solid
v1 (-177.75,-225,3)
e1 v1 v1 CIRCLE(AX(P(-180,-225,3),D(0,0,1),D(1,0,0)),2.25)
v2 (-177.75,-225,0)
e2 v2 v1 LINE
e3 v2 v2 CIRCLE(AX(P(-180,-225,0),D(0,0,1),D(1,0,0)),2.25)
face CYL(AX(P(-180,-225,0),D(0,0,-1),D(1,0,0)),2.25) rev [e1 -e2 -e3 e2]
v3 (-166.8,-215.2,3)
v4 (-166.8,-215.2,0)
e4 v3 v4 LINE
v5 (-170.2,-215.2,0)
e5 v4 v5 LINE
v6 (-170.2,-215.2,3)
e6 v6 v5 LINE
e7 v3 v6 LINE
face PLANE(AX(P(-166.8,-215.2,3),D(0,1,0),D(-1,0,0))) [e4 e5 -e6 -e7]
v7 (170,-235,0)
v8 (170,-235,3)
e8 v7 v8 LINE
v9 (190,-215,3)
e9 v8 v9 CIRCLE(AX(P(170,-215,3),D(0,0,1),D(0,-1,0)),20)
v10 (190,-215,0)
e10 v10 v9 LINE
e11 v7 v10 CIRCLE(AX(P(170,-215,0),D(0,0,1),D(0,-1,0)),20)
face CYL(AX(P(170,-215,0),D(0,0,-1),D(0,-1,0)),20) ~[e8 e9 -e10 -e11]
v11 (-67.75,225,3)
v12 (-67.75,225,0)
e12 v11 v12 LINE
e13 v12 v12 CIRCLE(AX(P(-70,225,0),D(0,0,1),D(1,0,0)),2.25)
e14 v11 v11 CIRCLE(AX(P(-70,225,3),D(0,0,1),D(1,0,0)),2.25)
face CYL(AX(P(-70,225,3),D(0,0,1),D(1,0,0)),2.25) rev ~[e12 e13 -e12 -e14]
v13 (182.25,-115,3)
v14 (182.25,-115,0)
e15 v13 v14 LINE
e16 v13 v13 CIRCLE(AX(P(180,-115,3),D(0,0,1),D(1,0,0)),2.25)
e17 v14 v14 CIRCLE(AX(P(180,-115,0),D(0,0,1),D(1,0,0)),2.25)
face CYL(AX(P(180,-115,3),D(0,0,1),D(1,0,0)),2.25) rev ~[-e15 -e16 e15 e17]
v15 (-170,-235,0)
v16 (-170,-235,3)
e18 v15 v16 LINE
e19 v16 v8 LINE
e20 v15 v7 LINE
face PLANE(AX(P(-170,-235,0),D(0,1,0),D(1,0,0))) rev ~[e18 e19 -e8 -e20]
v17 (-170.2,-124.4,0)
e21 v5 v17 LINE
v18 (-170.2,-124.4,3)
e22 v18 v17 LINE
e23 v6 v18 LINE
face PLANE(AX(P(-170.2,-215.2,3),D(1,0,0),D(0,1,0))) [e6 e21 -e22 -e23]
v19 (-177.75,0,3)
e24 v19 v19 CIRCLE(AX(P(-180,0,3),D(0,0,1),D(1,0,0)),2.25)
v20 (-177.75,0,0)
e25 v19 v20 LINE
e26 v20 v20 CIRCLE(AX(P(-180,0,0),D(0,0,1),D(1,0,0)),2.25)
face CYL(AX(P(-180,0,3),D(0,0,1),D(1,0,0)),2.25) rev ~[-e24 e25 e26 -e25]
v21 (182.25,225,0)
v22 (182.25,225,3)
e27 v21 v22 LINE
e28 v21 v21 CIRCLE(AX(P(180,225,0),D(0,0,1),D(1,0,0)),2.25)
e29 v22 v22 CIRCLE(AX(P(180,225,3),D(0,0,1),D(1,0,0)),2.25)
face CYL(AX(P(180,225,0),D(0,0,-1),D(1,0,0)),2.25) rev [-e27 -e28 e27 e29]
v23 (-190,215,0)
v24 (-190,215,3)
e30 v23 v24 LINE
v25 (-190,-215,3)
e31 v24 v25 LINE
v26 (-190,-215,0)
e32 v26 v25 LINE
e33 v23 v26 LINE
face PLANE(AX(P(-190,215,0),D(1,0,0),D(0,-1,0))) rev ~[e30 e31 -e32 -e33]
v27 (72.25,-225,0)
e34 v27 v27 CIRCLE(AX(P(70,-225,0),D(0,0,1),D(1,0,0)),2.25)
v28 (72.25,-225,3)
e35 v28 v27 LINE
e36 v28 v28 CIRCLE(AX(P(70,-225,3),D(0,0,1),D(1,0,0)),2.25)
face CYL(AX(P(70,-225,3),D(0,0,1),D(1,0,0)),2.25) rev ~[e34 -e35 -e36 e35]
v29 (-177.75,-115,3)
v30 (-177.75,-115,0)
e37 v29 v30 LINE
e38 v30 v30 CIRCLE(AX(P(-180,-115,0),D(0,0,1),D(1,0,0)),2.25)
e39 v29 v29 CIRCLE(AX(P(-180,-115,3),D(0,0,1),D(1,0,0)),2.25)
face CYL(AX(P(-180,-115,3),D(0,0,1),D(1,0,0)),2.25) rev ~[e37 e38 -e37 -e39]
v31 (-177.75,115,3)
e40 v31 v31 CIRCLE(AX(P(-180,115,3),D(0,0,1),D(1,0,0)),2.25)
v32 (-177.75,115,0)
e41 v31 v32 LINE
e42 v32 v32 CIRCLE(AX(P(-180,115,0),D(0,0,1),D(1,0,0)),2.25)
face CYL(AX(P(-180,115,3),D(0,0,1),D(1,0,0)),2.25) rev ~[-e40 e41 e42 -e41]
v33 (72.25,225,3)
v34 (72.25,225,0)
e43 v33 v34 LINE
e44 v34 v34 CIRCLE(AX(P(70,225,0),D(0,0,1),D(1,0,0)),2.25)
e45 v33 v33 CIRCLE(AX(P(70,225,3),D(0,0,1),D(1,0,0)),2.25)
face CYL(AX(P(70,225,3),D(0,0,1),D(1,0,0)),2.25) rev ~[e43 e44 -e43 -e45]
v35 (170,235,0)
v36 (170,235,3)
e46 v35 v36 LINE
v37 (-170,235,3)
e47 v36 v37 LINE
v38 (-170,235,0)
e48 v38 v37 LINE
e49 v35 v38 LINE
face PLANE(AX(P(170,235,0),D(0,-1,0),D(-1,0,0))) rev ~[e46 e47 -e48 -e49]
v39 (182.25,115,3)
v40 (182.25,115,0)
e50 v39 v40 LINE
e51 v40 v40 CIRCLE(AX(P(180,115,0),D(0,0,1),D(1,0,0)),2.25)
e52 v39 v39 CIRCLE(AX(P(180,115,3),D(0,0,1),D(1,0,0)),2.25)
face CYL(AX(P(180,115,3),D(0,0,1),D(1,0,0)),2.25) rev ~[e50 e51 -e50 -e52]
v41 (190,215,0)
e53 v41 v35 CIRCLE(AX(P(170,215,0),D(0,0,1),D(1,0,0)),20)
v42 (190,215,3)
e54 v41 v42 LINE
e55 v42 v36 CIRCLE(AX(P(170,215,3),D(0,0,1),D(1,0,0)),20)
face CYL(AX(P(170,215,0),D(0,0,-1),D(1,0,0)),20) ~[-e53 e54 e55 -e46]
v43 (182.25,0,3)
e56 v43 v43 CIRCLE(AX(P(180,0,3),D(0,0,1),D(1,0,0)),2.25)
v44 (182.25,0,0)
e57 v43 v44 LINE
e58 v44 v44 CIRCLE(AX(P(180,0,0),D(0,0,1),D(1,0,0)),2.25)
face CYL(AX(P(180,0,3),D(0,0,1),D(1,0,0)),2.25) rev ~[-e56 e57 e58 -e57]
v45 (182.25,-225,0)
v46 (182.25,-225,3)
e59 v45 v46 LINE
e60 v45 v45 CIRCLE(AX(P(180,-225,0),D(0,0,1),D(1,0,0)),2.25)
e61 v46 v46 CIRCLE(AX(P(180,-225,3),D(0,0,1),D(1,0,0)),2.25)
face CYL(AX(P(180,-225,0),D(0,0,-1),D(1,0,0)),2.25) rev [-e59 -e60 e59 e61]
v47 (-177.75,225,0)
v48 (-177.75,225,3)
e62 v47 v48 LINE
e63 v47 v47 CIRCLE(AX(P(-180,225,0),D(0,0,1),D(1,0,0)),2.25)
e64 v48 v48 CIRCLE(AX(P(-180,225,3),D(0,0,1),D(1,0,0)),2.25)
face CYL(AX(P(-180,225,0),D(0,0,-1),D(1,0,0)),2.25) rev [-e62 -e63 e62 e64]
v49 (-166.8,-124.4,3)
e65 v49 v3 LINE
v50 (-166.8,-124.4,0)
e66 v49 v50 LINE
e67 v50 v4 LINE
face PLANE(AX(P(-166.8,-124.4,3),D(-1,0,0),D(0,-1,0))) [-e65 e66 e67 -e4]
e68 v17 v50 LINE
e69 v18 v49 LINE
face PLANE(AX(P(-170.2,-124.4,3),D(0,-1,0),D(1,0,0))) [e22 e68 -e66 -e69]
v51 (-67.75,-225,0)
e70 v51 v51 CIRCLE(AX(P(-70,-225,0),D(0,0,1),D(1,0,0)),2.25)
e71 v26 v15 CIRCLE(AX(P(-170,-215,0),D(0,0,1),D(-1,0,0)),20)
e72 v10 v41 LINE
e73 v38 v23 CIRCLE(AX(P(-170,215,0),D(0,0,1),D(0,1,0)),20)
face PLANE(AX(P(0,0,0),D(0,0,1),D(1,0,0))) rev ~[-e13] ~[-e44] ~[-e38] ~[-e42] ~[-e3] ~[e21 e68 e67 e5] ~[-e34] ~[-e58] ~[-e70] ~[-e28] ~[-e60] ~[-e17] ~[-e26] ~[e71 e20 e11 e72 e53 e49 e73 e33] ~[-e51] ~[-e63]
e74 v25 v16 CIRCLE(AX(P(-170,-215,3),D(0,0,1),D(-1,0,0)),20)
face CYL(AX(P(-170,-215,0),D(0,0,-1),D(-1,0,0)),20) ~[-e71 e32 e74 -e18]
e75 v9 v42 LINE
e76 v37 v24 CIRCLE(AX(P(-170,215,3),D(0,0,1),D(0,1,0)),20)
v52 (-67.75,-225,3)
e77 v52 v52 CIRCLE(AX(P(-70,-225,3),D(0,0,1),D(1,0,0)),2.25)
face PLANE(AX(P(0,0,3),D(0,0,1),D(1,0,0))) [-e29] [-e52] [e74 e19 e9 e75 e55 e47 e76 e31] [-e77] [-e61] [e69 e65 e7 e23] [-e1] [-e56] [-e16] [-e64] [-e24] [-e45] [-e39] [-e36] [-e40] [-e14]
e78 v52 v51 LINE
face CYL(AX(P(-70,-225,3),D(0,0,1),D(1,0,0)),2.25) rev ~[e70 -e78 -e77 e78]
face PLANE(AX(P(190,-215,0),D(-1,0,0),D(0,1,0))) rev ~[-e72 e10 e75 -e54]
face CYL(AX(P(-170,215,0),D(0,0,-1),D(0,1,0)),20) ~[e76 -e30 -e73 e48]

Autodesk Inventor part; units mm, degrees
ref_plane "YZ Plane" through (0, 0, 0) normal (1, 0, 0) x (0, 1, 0)
ref_plane "XZ Plane" through (0, 0, 0) normal (0, 1, 0) x (-1, 0, 0)
ref_plane "XY Plane" through (0, 0, 0) normal (0, 0, 1) x (1, 0, 0)
sketch "スケッチ1" plane through (0, 0, 0) normal (0, 0, 1) x (1, 0, 0)
  line L0 (-170, -235) -> (170, -235)
  line L1 (190, -215) -> (190, 215)
  line L2 (170, 235) -> (-170, 235)
  line L3 (-190, 215) -> (-190, -215)
  line L4 (-190, -235) -> (190, 235) construction
  line L5 (190, -235) -> (-190, 235) construction
  circle A0 centre (-180, 225) radius 2.25
  circle A1 centre (180, 225) radius 2.25
  circle A2 centre (-180, -225) radius 2.25
  circle A3 centre (180, -225) radius 2.25
  arc A4 (-170, 235) -> (-190, 215) centre (-170, 215) ccw
  arc A5 (190, 215) -> (170, 235) centre (170, 215) ccw
  arc A6 (170, -235) -> (190, -215) centre (170, -215) ccw
  arc A7 (-190, -215) -> (-170, -235) centre (-170, -215) ccw
  point P0 (0, 0)
  dimension "d0" = 380
  dimension "d1" = 470
  dimension "d2" = 4.5
  dimension "d3" = 10
  dimension "d4" = 10
  dimension "d5" = 10
  dimension "d6" = 10
  dimension "d7" = 10
  dimension "d8" = 10
  dimension "d9" = 10
  dimension "d10" = 10
  dimension "d11" = 20
extrude "押し出し1" add sketch "スケッチ1" along normal blind 3
sketch "スケッチ2" plane through (0, 0, 3) normal (0, 0, 1) x (1, 0, 0)
  circle A0 centre (-180, -225) radius 2.25 construction
  circle A1 centre (-180, -115) radius 2.25
  line L0 (-190, 215) -> (-190, -215) projected
  point P0 (0, 0)
  dimension "d14" = 110
  dimension "d15" = 10
extrude "押し出し2" cut sketch "スケッチ2" against normal blind 10
sketch "スケッチ3" plane through (0, 0, 3) normal (0, 0, 1) x (1, 0, 0)
  line L0 (-167, -124.6) -> (-167, -215) construction
  line L1 (-170, -124.6) -> (-167, -124.6) construction
  line L2 (-170, -215) -> (-170, -124.6) construction
  line L3 (-170, -215) -> (-167, -215) construction
  line L4 (-170.2, -124.4) -> (-166.8, -124.4)
  line L5 (-166.8, -124.4) -> (-166.8, -215.2)
  line L6 (-166.8, -215.2) -> (-170.2, -215.2)
  line L7 (-170.2, -215.2) -> (-170.2, -124.4)
  point P0 (0, 0)
  dimension "d18" = 0.2
extrude "押し出し3" cut sketch "スケッチ3" against normal up to surface (3 mm away)
sketch "スケッチ4" plane through (0, 0, 3) normal (0, 0, 1) x (1, 0, 0)
  circle A0 centre (-180, -225) radius 2.25 construction
  circle A1 centre (-180, -115) radius 2.25 construction
  circle A2 centre (180, -225) radius 2.25 construction
  circle A3 centre (-180, 225) radius 2.25 construction
  circle A4 centre (180, 225) radius 2.25 construction
  circle A5 centre (-180, -225) radius 2.25 construction
  circle A6 centre (-180, -115) radius 2.25 construction
  circle A7 centre (-180, -225) radius 110 construction
  circle A8 centre (-180, 225) radius 2.25 construction
  circle A9 centre (-180, 225) radius 110 construction
  circle A10 centre (180, 225) radius 110 construction
  circle A11 centre (180, -225) radius 110 construction
  line L0 (-180, -225) -> (180, -225) construction
  line L1 (180, -225) -> (180, 225) construction
  line L2 (180, 225) -> (-180, 225) construction
  line L3 (-180, 225) -> (-180, -225) construction
  line L4 (-180, 0) -> (180, 0) construction
  circle A12 centre (-180, 115) radius 2.25
  circle A13 centre (-180, 0) radius 2.25
  circle A14 centre (-70, -225) radius 2.25
  circle A15 centre (70, -225) radius 2.25
  circle A16 centre (180, -115) radius 2.25
  circle A17 centre (180, 115) radius 2.25
  circle A18 centre (70, 225) radius 2.25
  circle A19 centre (-70, 225) radius 2.25
  circle A20 centre (180, 0) radius 2.25
  point P0 (0, 0)
extrude "押し出し4" cut sketch "スケッチ4" against normal up to surface (3 mm away)
equation "\"d5\" = d3"
equation "\"d6\" = d4"
equation "\"d7\" = d6"
equation "\"d8\" = d5"
equation "\"d9\" = d8"
equation "\"d10\" = d7"
properties part number "left_panel" material "アルミニウム 6061"
